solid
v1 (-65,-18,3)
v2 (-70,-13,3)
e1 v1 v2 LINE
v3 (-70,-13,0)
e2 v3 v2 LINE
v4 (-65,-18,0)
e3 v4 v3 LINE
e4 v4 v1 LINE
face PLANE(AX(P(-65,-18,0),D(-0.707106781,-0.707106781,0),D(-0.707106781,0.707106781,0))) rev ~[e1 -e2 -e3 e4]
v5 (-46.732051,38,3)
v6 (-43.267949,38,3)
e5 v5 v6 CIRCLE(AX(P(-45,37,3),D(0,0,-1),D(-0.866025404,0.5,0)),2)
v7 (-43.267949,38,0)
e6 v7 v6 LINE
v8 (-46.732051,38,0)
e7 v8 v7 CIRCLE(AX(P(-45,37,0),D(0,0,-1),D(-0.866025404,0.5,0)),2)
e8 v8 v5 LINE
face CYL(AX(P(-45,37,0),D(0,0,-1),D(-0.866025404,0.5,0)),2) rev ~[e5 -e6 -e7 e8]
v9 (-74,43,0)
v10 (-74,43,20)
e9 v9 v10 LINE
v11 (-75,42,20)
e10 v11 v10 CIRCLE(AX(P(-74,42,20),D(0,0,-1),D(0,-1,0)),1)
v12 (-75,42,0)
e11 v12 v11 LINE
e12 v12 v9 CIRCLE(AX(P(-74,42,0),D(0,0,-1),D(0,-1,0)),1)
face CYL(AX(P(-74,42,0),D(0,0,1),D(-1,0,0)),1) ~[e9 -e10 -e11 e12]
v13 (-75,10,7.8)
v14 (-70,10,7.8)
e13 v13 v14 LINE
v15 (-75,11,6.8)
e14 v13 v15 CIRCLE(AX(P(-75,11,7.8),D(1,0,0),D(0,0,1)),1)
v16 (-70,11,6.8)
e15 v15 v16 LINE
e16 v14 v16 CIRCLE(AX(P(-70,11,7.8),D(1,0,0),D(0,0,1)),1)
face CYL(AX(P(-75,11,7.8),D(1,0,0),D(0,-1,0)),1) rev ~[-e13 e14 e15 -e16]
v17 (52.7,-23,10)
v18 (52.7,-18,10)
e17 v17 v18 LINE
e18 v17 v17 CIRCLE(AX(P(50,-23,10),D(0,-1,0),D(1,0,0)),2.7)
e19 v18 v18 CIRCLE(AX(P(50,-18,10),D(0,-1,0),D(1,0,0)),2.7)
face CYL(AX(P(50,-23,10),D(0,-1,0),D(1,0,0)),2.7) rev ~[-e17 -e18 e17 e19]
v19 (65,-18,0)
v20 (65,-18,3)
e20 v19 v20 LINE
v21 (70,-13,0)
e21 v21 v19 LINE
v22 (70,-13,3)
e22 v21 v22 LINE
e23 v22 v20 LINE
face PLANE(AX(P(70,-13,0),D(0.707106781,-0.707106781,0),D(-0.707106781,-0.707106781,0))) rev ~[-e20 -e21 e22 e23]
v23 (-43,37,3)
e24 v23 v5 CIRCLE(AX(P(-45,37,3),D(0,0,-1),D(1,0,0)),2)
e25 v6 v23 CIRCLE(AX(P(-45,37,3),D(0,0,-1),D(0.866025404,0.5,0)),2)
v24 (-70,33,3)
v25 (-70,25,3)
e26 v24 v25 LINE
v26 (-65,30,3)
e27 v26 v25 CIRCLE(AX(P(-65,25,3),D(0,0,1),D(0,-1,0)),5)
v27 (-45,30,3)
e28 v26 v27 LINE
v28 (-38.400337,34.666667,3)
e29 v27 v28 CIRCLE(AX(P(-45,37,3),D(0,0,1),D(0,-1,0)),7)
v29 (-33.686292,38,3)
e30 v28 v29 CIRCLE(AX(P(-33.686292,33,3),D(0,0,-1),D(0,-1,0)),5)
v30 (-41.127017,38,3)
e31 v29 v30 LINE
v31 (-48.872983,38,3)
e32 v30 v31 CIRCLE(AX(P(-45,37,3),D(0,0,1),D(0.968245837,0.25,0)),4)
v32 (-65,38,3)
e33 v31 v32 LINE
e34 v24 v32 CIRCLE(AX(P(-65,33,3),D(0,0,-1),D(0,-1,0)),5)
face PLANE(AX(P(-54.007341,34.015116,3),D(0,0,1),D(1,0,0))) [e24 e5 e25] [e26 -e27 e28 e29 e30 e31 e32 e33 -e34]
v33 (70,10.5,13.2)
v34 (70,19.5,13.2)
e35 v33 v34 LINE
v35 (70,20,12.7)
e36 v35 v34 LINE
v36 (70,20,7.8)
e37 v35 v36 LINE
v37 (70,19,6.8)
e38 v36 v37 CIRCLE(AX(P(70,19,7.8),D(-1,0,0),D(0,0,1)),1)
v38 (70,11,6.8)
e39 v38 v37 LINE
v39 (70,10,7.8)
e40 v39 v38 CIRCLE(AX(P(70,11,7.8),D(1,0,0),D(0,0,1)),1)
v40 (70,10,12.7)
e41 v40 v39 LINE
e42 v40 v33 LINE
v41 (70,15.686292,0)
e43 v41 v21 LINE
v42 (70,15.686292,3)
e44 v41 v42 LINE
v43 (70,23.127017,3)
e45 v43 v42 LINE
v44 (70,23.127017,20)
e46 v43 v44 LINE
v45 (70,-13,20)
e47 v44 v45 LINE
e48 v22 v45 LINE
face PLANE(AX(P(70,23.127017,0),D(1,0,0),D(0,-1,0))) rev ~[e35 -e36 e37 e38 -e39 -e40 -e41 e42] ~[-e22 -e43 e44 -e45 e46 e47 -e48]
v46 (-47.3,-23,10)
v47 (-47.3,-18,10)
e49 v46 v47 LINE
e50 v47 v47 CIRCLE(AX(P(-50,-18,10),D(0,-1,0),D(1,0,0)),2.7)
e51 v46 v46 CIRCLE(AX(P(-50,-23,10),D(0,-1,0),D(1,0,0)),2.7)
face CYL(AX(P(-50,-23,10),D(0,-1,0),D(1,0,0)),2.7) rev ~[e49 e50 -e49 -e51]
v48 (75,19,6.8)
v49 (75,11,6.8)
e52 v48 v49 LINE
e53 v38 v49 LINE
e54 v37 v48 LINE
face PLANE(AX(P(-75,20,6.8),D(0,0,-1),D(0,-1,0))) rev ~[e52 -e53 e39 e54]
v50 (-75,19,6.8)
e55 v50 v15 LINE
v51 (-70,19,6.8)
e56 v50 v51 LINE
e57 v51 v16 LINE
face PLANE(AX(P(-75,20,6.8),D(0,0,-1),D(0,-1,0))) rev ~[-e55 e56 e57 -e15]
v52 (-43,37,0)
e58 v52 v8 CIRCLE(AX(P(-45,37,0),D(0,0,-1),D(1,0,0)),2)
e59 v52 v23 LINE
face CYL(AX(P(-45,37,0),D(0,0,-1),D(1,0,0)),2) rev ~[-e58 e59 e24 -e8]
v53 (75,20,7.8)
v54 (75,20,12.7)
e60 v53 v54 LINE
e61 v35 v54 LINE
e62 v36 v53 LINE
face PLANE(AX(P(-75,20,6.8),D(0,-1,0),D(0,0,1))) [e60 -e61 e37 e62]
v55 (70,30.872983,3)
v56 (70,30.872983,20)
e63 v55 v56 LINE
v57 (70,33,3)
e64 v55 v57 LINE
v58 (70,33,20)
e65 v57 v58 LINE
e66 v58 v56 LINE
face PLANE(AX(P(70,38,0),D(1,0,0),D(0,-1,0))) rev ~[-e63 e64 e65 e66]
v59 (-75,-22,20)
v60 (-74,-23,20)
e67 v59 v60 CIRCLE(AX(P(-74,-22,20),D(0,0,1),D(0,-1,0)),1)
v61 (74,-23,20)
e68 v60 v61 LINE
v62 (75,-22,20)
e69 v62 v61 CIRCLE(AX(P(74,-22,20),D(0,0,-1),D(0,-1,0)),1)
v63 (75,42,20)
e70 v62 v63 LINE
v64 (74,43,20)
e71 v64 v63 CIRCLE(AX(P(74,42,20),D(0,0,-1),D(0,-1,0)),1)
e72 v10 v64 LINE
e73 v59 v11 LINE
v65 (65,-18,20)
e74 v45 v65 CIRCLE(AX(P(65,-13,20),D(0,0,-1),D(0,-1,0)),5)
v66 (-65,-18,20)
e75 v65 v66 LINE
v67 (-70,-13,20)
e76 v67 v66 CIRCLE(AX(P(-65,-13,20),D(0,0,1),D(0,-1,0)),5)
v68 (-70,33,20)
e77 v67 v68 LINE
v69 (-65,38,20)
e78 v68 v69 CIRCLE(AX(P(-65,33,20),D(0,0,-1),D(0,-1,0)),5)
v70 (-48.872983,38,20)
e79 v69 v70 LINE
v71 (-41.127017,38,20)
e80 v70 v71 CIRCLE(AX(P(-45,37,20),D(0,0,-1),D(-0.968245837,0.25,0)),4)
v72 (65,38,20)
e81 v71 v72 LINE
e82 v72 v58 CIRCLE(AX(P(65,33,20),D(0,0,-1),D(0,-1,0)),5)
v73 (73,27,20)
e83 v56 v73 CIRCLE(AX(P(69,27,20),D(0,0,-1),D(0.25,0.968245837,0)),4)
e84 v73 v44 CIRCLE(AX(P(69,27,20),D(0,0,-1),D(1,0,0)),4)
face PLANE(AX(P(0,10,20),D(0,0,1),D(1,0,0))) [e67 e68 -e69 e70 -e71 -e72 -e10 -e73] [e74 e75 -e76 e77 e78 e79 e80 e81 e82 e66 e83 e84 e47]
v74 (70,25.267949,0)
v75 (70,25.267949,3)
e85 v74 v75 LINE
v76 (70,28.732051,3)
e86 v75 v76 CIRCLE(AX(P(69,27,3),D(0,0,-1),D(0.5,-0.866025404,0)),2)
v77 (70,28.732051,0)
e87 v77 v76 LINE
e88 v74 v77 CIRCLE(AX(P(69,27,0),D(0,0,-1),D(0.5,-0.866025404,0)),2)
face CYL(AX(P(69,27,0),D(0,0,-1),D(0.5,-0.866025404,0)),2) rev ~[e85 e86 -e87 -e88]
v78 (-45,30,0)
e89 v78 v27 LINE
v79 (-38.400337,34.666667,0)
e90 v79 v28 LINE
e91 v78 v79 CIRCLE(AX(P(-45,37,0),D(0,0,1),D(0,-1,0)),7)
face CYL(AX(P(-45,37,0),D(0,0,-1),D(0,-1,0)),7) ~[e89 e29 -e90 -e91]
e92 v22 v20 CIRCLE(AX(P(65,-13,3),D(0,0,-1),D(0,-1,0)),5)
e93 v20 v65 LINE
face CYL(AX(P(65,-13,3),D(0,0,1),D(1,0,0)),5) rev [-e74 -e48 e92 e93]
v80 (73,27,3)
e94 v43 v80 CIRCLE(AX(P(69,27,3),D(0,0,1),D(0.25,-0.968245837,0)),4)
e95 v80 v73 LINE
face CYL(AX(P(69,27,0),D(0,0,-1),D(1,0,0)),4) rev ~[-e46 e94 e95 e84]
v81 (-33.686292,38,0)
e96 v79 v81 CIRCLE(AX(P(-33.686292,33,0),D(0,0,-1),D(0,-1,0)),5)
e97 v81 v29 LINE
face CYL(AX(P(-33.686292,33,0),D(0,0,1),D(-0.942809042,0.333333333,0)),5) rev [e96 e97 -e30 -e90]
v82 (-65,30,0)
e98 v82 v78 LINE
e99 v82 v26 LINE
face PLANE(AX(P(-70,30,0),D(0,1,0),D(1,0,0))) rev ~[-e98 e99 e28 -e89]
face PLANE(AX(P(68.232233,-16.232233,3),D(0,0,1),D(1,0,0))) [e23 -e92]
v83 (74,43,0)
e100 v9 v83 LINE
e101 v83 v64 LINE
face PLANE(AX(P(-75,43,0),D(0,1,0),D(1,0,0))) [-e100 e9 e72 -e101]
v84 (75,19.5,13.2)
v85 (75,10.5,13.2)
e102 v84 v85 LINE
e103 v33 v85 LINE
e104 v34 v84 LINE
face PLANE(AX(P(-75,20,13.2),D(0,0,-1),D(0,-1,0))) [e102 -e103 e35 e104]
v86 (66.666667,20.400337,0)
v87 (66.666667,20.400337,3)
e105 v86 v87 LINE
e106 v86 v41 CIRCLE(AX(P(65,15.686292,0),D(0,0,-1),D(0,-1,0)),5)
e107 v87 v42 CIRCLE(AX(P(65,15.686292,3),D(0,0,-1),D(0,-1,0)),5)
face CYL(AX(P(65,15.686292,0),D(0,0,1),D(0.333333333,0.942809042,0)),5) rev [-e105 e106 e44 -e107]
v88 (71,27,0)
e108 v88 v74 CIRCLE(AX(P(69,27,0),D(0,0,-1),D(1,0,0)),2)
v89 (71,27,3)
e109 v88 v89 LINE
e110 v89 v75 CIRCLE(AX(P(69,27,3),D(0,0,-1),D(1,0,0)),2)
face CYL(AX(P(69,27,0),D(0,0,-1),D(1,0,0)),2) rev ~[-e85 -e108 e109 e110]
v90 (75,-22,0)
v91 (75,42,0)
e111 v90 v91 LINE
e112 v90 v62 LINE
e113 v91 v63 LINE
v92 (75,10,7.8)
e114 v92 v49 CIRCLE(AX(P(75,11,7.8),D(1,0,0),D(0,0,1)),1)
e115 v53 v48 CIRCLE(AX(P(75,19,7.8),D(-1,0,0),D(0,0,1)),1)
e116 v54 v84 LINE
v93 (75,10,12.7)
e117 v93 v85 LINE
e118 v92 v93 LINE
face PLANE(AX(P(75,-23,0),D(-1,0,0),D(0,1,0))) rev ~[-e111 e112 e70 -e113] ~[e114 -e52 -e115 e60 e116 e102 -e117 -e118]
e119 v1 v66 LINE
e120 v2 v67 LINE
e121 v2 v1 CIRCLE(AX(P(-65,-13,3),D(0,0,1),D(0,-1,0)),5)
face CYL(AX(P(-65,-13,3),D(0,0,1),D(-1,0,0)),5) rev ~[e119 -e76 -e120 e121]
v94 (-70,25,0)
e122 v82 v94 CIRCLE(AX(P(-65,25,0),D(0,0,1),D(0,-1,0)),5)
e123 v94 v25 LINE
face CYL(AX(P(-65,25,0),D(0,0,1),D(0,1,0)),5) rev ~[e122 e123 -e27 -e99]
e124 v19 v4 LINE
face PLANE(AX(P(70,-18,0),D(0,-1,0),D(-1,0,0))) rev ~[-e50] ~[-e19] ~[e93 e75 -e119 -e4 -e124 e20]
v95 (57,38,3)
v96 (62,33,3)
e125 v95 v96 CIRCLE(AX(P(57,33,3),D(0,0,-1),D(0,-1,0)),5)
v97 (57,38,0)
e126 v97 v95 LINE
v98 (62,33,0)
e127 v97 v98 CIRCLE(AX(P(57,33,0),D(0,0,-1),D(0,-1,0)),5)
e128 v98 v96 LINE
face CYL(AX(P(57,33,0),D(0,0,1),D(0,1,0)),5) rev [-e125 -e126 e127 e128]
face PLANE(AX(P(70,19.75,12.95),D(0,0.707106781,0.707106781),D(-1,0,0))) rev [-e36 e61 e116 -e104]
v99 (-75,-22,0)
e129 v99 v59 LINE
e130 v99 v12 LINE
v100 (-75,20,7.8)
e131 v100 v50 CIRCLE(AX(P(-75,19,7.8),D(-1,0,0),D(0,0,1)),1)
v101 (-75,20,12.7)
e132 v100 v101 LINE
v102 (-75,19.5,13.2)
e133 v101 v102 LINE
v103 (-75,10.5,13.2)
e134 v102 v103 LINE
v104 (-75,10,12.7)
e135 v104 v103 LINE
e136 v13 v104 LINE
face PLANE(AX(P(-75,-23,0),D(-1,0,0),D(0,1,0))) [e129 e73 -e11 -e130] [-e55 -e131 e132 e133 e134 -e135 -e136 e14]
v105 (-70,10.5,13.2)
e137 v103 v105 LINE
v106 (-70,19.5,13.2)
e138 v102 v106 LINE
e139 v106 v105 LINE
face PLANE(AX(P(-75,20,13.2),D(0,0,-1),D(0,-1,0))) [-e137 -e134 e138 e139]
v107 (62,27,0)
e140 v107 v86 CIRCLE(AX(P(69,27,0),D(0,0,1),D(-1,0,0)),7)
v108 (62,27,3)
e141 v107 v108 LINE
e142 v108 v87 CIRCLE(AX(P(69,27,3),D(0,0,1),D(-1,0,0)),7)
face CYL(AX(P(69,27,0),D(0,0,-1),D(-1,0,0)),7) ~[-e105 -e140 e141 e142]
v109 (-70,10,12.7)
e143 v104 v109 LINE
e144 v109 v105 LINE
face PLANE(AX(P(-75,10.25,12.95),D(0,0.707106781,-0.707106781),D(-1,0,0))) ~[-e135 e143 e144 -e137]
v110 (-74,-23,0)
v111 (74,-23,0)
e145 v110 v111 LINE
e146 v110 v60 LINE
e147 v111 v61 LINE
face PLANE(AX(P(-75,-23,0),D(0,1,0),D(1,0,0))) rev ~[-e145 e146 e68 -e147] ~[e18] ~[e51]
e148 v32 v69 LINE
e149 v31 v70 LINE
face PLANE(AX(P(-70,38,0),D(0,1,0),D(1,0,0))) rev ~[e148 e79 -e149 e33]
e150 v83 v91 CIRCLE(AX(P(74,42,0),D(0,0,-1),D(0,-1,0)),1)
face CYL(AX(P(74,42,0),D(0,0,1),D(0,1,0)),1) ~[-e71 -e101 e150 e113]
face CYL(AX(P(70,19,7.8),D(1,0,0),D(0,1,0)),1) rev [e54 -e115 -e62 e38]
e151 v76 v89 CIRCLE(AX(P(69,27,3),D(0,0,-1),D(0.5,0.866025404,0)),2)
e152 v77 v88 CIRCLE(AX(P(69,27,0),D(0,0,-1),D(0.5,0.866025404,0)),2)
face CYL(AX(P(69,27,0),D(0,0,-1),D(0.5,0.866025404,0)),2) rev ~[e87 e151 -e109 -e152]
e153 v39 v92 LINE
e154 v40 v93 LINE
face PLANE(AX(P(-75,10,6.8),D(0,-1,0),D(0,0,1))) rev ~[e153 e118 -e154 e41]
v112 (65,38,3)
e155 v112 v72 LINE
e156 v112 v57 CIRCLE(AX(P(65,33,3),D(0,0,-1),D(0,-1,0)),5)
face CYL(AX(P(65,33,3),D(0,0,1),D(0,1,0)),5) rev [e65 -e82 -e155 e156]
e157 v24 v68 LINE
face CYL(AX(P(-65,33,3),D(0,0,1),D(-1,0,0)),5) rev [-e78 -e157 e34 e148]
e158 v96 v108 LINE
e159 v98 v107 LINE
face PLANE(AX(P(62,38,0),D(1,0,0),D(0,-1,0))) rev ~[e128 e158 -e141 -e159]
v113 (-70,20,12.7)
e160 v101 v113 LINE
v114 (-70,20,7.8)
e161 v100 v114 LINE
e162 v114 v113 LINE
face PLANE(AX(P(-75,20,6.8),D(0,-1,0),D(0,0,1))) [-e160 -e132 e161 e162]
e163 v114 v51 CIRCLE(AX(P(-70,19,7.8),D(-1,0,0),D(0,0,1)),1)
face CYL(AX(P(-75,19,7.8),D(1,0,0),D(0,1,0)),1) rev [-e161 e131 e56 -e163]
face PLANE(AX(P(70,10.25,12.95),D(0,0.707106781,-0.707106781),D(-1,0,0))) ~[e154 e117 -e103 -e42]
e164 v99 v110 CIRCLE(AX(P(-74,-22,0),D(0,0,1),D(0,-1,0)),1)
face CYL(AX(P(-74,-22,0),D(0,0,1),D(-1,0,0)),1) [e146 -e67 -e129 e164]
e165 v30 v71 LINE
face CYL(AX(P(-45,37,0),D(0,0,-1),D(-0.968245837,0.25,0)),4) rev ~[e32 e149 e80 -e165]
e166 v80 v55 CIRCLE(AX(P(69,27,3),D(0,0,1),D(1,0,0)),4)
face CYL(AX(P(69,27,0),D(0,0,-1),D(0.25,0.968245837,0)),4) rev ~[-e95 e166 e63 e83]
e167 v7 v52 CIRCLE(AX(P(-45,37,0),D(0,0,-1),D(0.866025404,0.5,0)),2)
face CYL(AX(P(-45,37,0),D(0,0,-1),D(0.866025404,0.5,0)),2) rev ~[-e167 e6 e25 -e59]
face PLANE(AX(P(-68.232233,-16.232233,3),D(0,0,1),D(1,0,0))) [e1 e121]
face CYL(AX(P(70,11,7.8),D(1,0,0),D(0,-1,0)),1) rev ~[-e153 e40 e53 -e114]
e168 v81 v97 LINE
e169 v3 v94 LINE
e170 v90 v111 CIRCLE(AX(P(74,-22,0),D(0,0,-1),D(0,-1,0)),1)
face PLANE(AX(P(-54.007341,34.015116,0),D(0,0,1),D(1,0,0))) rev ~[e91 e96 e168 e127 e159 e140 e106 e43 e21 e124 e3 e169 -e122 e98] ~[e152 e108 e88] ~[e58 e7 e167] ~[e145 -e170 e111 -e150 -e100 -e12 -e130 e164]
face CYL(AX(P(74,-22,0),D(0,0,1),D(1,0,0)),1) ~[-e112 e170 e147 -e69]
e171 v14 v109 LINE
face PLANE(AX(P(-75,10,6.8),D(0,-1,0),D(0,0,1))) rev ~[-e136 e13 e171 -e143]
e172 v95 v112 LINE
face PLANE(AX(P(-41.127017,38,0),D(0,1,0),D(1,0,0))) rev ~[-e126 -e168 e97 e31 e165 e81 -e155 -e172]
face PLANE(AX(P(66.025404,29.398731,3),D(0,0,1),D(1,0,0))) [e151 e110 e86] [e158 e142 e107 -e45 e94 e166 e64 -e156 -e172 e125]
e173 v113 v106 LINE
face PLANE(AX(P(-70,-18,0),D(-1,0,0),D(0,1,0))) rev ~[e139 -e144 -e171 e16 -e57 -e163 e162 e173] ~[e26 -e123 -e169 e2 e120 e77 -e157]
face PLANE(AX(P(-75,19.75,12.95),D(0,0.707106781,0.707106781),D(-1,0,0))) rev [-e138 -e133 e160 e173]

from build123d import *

# Parameters (mm, degrees)
F1_W     = 150
F1_H     = 66
F2_DEPTH = 20
F3_DEPTH = 3
F4_R     = 2.7
F6_DEPTH = 25
F5_W     = 10
F5_H     = 6.4
F7_DEPTH = 160
F8_R     = 5
F9_R     = 1
F10_SIZE = 0.5


with BuildPart() as f2:
    # F1 (on Top) → F2 (new body)
    with BuildSketch(Plane.XY):
        with Locations((0, 10)):
            Rectangle(F1_W, F1_H)
        with BuildLine():
            Line((70, 23.1270166538), (70, 20.0717967697))
            Line((70, 20.0717967697), (70, -13))
            Line((70, -13), (70, -18))
            Line((70, -18), (65, -18))
            Line((65, -18), (-65, -18))
            Line((-65, -18), (-70, -18))
            Line((-70, -18), (-70, -13))
            Line((-70, -13), (-70, 30))
            Line((-70, 30), (-70, 38))
            Line((-70, 38), (-48.8729833462, 38))
            ThreePointArc((-48.8729833462, 38), (-45, 41), (-41.1270166538, 38))
            Line((-41.1270166538, 38), (-38.0717967697, 38))
            Line((-38.0717967697, 38), (62, 38))
            Line((62, 38), (70, 38))
            Line((70, 38), (70, 30.8729833462))
            ThreePointArc((70, 30.8729833462), (72.1622776602, 29.4494897428), (73, 27))
            ThreePointArc((73, 27), (72.1622776602, 24.5505102572), (70, 23.1270166538))
        make_face(mode=Mode.SUBTRACT)
    extrude(amount=F2_DEPTH)

    # F1 (on Top) → F3 (join)
    with BuildSketch(Plane.XY):
        with BuildLine():
            ThreePointArc((-45, 30), (-39.7084973779, 32.417424305), (-38.0717967697, 38))
            Line((-38.0717967697, 38), (-41.1270166538, 38))
            ThreePointArc((-41.1270166538, 38), (-41.0318812149, 37.5040171699), (-41, 37))
            ThreePointArc((-41, 37), (-45.5040171699, 33.0318812149), (-48.8729833462, 38))
            Line((-48.8729833462, 38), (-70, 38))
            Line((-70, 38), (-70, 30))
            Line((-70, 30), (-45, 30))
        make_face()
        with BuildLine():
            ThreePointArc((62, 27), (64.417424305, 21.7084973779), (70, 20.0717967697))
            Line((70, 20.0717967697), (70, 23.1270166538))
            ThreePointArc((70, 23.1270166538), (65, 27), (70, 30.8729833462))
            Line((70, 30.8729833462), (70, 38))
            Line((70, 38), (62, 38))
            Line((62, 38), (62, 27))
        make_face()
        with BuildLine():
            Line((70, 25.2679491924), (70, 23.1270166538))
            ThreePointArc((70, 23.1270166538), (72.1622776602, 24.5505102572), (73, 27))
            ThreePointArc((73, 27), (72.1622776602, 29.4494897428), (70, 30.8729833462))
            Line((70, 30.8729833462), (70, 28.7320508076))
            ThreePointArc((70, 28.7320508076), (70.7320508076, 28), (71, 27))
            ThreePointArc((71, 27), (70.7320508076, 26), (70, 25.2679491924))
        make_face()
        with BuildLine():
            ThreePointArc((70, 30.8729833462), (65, 27), (70, 23.1270166538))
            Line((70, 23.1270166538), (70, 25.2679491924))
            ThreePointArc((70, 25.2679491924), (67, 27), (70, 28.7320508076))
            Line((70, 28.7320508076), (70, 30.8729833462))
        make_face()
        with BuildLine():
            ThreePointArc((-41, 37), (-41.0318812149, 37.5040171699), (-41.1270166538, 38))
            Line((-41.1270166538, 38), (-43.2679491924, 38))
            ThreePointArc((-43.2679491924, 38), (-43.0681483474, 37.5176380902), (-43, 37))
            ThreePointArc((-43, 37), (-45.5176380902, 35.0681483474), (-46.7320508076, 38))
            Line((-46.7320508076, 38), (-48.8729833462, 38))
            ThreePointArc((-48.8729833462, 38), (-45.5040171699, 33.0318812149), (-41, 37))
        make_face()
        with BuildLine():
            Line((-43.2679491924, 38), (-41.1270166538, 38))
            ThreePointArc((-41.1270166538, 38), (-45, 41), (-48.8729833462, 38))
            Line((-48.8729833462, 38), (-46.7320508076, 38))
            ThreePointArc((-46.7320508076, 38), (-45, 39), (-43.2679491924, 38))
        make_face()
        Polygon((-70, -18), (-65, -18), (-70, -13), align=None)
        Polygon((70, -18), (70, -13), (65, -18), align=None)
    extrude(amount=F3_DEPTH)

    # F4 (on face) → F6 (cut)
    with BuildSketch(Plane.XZ.offset(23)):
        with Locations((-50, 10)):
            Circle(F4_R)
        with Locations((50, 10)):
            Circle(F4_R)
    extrude(amount=-F6_DEPTH, mode=Mode.SUBTRACT)

    # F5 (on face) → F7 (cut)
    with BuildSketch(Plane(origin=(-75, 0, 0), x_dir=(0, -1, 0), z_dir=(-1, 0, 0))):
        with Locations((-15, 10)):
            Rectangle(F5_W, F5_H)
    extrude(amount=-F7_DEPTH, mode=Mode.SUBTRACT)

    # F8
    f8_edges = [f2.edges().sort_by_distance(p)[0] for p in [
        (62, 38, 1.5),
        (-70, 30, 1.5),
        (70, 38, 11.5),
        (-70, 38, 11.5),
        (-70, -18, 11.5),
        (70, -18, 11.5),
        (-38.071797, 38, 1.5),
        (70, 20.071797, 1.5),
    ]]
    fillet(f8_edges, radius=F8_R)

    # F9
    f9_edges = [f2.edges().sort_by_distance(p)[0] for p in [
        (-75, 43, 10),
        (-75, -23, 10),
        (75, -23, 10),
        (75, 43, 10),
        (-72.5, 10, 6.8),
        (-72.5, 20, 6.8),
        (72.5, 20, 6.8),
        (72.5, 10, 6.8),
    ]]
    fillet(f9_edges, radius=F9_R)

    # F10
    f10_edges = [f2.edges().sort_by_distance(p)[0] for p in [
        (-72.5, 10, 13.2),
        (-72.5, 20, 13.2),
        (72.5, 20, 13.2),
        (72.5, 10, 13.2),
    ]]
    chamfer(f10_edges, length=F10_SIZE)


solid = f2.part
